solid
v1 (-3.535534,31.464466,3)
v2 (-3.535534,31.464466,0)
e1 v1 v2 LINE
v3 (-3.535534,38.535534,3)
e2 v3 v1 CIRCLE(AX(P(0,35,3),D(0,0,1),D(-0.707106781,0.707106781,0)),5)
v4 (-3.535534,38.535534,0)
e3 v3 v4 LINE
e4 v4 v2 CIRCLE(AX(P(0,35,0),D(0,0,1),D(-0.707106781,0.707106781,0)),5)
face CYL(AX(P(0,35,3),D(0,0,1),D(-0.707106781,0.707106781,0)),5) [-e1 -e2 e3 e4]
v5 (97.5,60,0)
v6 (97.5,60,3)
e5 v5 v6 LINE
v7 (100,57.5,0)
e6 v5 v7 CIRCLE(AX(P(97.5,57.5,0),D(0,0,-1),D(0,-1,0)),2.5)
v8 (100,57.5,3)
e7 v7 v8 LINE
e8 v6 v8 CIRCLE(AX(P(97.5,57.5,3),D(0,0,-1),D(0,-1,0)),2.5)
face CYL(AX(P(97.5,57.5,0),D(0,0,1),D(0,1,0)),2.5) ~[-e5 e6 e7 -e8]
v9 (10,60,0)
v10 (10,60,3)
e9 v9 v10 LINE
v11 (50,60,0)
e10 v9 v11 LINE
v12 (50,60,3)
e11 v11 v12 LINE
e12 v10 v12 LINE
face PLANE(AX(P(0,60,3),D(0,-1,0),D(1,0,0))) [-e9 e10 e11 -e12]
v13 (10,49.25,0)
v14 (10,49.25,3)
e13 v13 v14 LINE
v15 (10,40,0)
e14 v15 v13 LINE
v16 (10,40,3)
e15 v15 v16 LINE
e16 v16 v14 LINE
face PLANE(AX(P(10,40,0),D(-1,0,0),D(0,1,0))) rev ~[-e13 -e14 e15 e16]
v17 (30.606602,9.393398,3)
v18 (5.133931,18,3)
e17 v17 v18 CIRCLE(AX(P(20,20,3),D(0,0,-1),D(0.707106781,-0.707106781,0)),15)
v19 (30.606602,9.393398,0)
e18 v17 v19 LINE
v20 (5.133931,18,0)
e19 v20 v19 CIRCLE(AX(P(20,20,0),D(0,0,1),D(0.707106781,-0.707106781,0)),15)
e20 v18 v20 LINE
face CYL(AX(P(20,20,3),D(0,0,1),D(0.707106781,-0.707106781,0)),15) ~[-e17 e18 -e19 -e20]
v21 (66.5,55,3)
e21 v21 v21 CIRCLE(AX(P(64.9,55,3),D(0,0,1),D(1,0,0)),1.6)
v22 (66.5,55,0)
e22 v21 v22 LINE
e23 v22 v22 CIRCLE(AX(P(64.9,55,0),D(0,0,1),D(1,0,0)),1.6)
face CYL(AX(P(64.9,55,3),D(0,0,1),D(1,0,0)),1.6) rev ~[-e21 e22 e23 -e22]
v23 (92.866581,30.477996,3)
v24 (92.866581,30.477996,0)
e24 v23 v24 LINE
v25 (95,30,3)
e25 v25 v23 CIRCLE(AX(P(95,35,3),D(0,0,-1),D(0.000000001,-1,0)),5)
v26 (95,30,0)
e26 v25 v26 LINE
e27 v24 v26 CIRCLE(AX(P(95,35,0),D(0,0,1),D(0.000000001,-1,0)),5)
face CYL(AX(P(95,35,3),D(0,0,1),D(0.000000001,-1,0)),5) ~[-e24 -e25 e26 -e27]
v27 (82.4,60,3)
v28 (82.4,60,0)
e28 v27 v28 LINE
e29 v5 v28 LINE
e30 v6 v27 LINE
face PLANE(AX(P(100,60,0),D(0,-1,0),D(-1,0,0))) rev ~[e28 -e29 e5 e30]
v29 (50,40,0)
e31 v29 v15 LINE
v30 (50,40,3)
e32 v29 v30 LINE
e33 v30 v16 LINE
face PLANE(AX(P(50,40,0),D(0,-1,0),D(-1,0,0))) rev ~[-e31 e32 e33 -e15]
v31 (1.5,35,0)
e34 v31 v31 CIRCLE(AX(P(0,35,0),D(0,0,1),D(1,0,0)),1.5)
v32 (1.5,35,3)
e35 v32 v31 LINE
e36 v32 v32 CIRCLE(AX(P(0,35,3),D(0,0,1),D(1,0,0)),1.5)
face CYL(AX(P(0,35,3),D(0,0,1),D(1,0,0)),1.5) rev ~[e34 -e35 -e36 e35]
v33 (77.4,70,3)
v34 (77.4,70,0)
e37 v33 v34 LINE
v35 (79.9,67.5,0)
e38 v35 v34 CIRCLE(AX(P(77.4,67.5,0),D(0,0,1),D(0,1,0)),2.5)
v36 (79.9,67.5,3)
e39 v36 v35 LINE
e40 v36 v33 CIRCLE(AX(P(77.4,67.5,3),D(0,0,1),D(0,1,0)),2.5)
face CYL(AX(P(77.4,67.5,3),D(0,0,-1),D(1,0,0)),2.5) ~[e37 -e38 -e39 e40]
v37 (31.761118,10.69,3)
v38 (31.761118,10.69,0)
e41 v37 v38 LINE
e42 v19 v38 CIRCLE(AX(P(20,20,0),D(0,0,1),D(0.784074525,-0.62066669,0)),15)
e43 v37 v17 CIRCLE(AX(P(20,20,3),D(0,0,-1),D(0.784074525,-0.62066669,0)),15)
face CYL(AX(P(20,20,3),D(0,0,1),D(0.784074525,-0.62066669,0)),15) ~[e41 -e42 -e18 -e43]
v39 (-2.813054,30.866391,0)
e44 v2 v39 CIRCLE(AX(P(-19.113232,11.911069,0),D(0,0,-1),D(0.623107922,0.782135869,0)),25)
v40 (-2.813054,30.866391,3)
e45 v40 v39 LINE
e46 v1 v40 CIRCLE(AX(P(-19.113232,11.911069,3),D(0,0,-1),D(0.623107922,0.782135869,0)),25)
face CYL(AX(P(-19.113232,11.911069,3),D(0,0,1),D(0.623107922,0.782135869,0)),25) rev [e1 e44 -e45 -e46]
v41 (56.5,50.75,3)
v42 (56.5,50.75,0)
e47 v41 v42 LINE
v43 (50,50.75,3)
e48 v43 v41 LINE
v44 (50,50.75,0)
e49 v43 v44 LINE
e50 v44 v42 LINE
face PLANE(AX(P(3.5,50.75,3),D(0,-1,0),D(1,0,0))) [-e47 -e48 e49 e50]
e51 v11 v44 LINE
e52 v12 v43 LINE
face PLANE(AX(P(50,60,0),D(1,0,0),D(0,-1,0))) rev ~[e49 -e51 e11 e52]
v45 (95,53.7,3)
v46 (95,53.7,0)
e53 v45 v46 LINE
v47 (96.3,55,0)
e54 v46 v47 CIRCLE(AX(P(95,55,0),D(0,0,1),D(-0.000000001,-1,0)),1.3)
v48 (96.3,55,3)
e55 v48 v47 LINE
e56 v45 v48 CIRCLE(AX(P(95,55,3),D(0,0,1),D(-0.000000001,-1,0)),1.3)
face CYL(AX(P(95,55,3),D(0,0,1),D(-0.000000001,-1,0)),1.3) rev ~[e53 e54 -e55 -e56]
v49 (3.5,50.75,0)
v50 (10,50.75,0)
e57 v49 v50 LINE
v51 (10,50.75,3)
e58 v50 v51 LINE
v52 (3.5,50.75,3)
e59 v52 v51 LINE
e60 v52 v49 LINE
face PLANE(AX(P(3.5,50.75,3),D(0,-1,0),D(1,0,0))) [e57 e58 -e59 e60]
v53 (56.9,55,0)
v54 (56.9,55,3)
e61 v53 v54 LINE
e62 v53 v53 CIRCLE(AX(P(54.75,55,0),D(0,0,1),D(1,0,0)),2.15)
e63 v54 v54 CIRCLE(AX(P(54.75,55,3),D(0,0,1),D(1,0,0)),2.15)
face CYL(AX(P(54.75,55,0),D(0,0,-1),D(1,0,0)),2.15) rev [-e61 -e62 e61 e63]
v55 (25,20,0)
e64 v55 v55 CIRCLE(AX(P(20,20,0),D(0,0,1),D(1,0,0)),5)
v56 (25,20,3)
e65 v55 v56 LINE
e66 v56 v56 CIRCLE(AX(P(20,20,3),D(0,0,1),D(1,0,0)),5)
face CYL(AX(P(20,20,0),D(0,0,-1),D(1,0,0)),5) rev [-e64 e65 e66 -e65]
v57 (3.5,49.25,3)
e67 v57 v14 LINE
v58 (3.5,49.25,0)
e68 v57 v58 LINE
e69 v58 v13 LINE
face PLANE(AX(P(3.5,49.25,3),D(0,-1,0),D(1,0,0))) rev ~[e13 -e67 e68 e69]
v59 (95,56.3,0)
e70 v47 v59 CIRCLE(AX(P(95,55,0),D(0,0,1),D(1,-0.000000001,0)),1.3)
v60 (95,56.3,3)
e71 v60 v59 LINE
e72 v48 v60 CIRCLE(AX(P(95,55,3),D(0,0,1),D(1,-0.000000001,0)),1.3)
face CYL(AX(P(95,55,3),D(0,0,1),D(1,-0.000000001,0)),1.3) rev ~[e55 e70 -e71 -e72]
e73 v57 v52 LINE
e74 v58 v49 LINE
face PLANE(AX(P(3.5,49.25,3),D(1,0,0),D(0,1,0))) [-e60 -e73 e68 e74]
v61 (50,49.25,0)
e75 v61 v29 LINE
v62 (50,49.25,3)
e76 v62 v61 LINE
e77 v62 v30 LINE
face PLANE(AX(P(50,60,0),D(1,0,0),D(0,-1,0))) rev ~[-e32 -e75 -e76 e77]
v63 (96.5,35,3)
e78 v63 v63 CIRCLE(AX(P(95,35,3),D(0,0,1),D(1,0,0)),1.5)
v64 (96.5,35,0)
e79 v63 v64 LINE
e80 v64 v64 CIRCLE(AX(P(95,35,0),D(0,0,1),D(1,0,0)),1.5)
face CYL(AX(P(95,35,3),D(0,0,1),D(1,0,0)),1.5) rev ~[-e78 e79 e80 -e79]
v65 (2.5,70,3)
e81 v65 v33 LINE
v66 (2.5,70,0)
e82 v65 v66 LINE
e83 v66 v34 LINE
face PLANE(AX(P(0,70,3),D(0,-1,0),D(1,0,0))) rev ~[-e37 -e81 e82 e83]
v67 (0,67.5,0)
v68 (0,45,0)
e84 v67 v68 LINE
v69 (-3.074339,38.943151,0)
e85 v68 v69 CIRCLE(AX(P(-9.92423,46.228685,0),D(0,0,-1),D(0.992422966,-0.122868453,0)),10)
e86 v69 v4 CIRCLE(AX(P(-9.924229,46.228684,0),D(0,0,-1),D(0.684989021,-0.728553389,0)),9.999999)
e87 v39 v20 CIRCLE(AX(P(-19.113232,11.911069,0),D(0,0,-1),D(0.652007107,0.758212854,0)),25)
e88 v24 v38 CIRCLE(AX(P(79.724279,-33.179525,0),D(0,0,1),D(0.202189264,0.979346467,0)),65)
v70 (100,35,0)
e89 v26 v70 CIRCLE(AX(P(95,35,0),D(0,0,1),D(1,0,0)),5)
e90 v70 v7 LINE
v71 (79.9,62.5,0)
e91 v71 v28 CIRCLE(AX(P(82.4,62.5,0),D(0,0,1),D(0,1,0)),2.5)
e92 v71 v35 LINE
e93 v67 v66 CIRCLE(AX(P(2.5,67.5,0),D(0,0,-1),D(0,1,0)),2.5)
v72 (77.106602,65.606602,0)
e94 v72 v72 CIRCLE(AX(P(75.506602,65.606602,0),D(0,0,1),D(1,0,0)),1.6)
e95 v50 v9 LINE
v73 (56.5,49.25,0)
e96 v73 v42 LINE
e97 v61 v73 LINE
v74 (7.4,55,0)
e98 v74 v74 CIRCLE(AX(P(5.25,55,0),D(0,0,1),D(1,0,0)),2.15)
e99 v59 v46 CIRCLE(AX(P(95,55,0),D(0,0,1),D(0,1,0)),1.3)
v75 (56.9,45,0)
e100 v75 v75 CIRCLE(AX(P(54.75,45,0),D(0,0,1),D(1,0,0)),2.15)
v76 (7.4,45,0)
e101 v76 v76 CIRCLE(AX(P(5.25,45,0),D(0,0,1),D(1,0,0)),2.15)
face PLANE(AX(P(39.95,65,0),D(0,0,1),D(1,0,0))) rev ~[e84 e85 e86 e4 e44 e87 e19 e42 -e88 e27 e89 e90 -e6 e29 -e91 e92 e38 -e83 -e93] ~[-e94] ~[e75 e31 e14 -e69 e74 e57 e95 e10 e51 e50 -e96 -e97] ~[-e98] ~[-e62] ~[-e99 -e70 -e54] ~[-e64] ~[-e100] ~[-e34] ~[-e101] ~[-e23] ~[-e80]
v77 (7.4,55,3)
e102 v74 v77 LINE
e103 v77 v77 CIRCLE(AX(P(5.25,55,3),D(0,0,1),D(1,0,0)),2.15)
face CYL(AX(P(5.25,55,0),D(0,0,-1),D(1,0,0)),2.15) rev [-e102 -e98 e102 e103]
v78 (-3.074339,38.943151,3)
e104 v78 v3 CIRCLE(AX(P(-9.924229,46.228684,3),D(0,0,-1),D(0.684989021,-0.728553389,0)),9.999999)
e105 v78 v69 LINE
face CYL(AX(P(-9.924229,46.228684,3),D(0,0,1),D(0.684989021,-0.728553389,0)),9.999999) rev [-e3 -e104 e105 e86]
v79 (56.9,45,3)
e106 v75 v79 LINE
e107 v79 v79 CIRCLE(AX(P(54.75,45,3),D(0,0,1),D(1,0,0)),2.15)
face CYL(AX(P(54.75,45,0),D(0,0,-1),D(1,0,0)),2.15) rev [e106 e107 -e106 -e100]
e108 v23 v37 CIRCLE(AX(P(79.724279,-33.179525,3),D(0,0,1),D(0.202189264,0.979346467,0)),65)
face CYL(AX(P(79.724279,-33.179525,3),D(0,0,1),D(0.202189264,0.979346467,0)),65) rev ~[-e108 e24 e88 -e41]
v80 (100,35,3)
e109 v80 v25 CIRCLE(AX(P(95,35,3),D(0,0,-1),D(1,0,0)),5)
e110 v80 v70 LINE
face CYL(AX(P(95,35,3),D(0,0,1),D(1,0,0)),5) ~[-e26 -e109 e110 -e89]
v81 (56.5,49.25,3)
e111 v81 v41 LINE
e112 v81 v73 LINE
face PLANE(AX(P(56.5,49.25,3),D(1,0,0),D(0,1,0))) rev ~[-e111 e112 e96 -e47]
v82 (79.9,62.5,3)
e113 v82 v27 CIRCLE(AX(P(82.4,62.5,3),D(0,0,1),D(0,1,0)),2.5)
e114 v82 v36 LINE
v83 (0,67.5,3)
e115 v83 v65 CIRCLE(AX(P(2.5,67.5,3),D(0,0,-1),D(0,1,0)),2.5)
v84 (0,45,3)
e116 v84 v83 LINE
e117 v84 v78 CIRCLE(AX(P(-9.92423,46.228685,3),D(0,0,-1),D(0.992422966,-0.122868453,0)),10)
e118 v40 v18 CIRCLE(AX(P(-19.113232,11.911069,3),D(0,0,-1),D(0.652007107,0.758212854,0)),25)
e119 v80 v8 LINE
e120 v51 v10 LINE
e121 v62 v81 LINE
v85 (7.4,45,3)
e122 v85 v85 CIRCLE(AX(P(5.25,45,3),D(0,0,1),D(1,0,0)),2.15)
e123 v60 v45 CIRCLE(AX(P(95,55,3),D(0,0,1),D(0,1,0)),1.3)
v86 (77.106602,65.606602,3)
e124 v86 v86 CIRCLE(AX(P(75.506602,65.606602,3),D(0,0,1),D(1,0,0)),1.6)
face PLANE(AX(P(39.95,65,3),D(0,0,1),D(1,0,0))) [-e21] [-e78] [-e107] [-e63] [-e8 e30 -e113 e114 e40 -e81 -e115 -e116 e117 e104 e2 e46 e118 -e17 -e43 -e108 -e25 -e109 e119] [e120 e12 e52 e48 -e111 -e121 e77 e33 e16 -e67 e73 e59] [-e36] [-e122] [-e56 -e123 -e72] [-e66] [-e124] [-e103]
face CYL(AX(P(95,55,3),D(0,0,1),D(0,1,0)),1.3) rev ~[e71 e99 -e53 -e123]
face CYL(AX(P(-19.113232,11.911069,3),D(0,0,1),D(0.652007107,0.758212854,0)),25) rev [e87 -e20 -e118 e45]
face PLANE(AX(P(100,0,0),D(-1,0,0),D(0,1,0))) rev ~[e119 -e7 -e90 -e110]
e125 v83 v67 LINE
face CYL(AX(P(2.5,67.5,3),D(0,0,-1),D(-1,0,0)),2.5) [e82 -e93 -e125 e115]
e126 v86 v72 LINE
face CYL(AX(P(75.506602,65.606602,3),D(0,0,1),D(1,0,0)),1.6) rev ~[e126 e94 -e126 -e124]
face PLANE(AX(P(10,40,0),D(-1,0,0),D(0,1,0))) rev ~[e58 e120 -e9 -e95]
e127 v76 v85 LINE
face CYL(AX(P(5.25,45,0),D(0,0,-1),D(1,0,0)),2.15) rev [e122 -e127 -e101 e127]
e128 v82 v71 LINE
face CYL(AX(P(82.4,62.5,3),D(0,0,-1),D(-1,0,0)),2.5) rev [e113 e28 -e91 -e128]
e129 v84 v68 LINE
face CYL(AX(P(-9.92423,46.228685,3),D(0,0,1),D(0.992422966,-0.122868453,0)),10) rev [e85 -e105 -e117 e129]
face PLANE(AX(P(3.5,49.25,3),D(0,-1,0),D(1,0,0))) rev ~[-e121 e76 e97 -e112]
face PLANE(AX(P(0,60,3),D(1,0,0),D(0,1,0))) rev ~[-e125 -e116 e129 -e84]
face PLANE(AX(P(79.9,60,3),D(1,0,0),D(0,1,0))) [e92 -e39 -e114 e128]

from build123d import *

# Parameters (mm, degrees)
SKETCH_1_R          = 5
SKETCH_1_R_2        = 2.15
EXTRUDE_1_DEPTH     = 3
SKETCH_2_R          = 1.5
CUT_EXTRUDE_1_DEPTH = 117.657618697
CUT_EXTRUDE_3_DEPTH = 117.657618697
SKETCH_5_R          = 1.5
EXTRUDE_3_DEPTH     = 3
CUT_EXTRUDE_4_DEPTH = 117.657618697
SKETCH_7_R          = 1.6
CUT_EXTRUDE_6_DEPTH = 117.657618697
SKETCH_8_W          = 53
SKETCH_8_H          = 1.5
CUT_EXTRUDE_7_DEPTH = 117.657618697
SKETCH_9_W          = 79.9
SKETCH_9_H          = 10
SKETCH_9_R          = 1.6
EXTRUDE_4_DEPTH     = 3
FILLET_1_R          = 2.5


with BuildPart() as part:
    # ｽｹｯﾁ1 → ﾎﾞｽ - 押し出し1 (new body)
    with BuildSketch(Plane.XY):
        Polygon((10, 60), (0, 60), (0, 0), (100, 0), (100, 50), (100, 60), (50, 60), (50, 40), (10, 40), align=None)
        with Locations((20, 20)):
            Circle(SKETCH_1_R, mode=Mode.SUBTRACT)
        with Locations((5.25, 45)):
            Circle(SKETCH_1_R_2, mode=Mode.SUBTRACT)
        with Locations((5.25, 55)):
            Circle(SKETCH_1_R_2, mode=Mode.SUBTRACT)
        with Locations((54.75, 45)):
            Circle(SKETCH_1_R_2, mode=Mode.SUBTRACT)
        with Locations((54.75, 55)):
            Circle(SKETCH_1_R_2, mode=Mode.SUBTRACT)
    extrude(amount=EXTRUDE_1_DEPTH)

    # ｽｹｯﾁ2 → ｶｯﾄ - 押し出し1 (cut, through all)
    with BuildSketch(Plane.XY.offset(3)):
        with Locations((95, 35)):
            Circle(SKETCH_2_R)
    extrude(amount=-CUT_EXTRUDE_1_DEPTH, mode=Mode.SUBTRACT)

    # ｽｹｯﾁ4 → ｶｯﾄ - 押し出し3 (cut, through all)
    with BuildSketch(Plane.XY.offset(3)):
        with BuildLine():
            ThreePointArc((30.606601718, 9.393398282), (11.666446505, 7.527955815), (6.141807012, 25.740251485))
            ThreePointArc((6.141807012, 25.740251485), (5.992593584, 34.011854082), (1.731818145, 41.103219734))
            ThreePointArc((1.731818145, 41.103219734), (1.633577382, 41.194216579), (1.537689399, 41.287689399))
            ThreePointArc((1.537689399, 41.287689399), (0.399632454, 42.99091198), (0, 45))
            Line((0, 45), (0, 0))
            Line((0, 0), (100, 0))
            Line((100, 0), (100, 35))
            ThreePointArc((100, 35), (98.535533906, 31.464466094), (95, 30))
            ThreePointArc((95, 30), (93.906844507, 30.120962075), (92.866581158, 30.477995572))
            ThreePointArc((92.866581158, 30.477995572), (59.698938801, 28.658859349), (31.76111788, 10.689999666))
            ThreePointArc((31.76111788, 10.689999666), (31.202634234, 10.024981894), (30.606601718, 9.393398282))
        make_face()
    extrude(amount=-CUT_EXTRUDE_3_DEPTH, mode=Mode.SUBTRACT)

    # ｽｹｯﾁ5 → ﾎﾞｽ - 押し出し3 (add, through all)
    # profile 1 of 2: a face of its own
    with BuildSketch(Plane.XY.offset(3)):
        with BuildLine():
            ThreePointArc((-3.074339462, 38.943150628), (-3.301799792, 38.735793058), (-3.535533906, 38.535533906))
            ThreePointArc((-3.535533906, 38.535533906), (-5, 35), (-3.535533906, 31.464466094))
            ThreePointArc((-3.535533906, 31.464466094), (-3.171489153, 31.168816808), (-2.813054288, 30.866390733))
            ThreePointArc((-2.813054288, 30.866390733), (2.338239569, 30.580425844), (5, 35))
            ThreePointArc((5, 35), (2.194117441, 39.492866419), (-3.074339462, 38.943150628))
        make_face()
        with Locations((0, 35)):
            Circle(SKETCH_5_R, mode=Mode.SUBTRACT)
    # profile 2 of 2: a face of its own
    with BuildSketch(Plane.XY.offset(3)):
        with BuildLine():
            ThreePointArc((0, 45), (-1.007160055, 41.702552665), (-3.074339462, 38.943150628))
            ThreePointArc((-3.074339462, 38.943150628), (2.194117441, 39.492866419), (5, 35))
            ThreePointArc((5, 35), (2.338239569, 30.580425844), (-2.813054288, 30.866390733))
            ThreePointArc((-2.813054288, 30.866390733), (2.156646174, 25.048507639), (5.133931253, 18))
            ThreePointArc((5.133931253, 18), (5.125569714, 21.936833416), (6.141807012, 25.740251485))
            ThreePointArc((6.141807012, 25.740251485), (5.992593584, 34.011854082), (1.731818145, 41.103219734))
            ThreePointArc((1.731818145, 41.103219734), (0.4524509, 42.867859613), (0, 45))
        make_face()
    extrude(amount=-EXTRUDE_3_DEPTH)

    # ｽｹｯﾁ6 → ｶｯﾄ - 押し出し4 (cut, through all)
    with BuildSketch(Plane.XY.offset(3)):
        with BuildLine():
            ThreePointArc((96.3, 55), (95.919238816, 55.919238816), (95, 56.3))
            Line((95, 56.3), (95, 53.7))
            ThreePointArc((95, 53.7), (95.919238816, 54.080761184), (96.3, 55))
        make_face()
        with BuildLine():
            Line((95, 53.7), (95, 56.3))
            ThreePointArc((95, 56.3), (93.7, 55), (95, 53.7))
        make_face()
    extrude(amount=-CUT_EXTRUDE_4_DEPTH, mode=Mode.SUBTRACT)

    # ｽｹｯﾁ7 → ｶｯﾄ - 押し出し6 (cut, through all)
    with BuildSketch(Plane.XY.offset(3)):
        with Locations((64.9, 55)):
            Circle(SKETCH_7_R)
    extrude(amount=-CUT_EXTRUDE_6_DEPTH, mode=Mode.SUBTRACT)

    # ｽｹｯﾁ8 → ｶｯﾄ - 押し出し7 (cut, through all)
    with BuildSketch(Plane.XY.offset(3)):
        with Locations((30, 50)):
            Rectangle(SKETCH_8_W, SKETCH_8_H)
    extrude(amount=-CUT_EXTRUDE_7_DEPTH, mode=Mode.SUBTRACT)

    # ｽｹｯﾁ9 → ﾎﾞｽ - 押し出し4 (add, through all)
    with BuildSketch(Plane.XY.offset(3)):
        with Locations((39.95, 65)):
            Rectangle(SKETCH_9_W, SKETCH_9_H)
        with Locations((75.506601718, 65.606601718)):
            Circle(SKETCH_9_R, mode=Mode.SUBTRACT)
    extrude(amount=-EXTRUDE_4_DEPTH)

    # ﾌｨﾚｯﾄ1
    fillet_1_edges = [part.edges().sort_by_distance(p)[0] for p in [
        (0, 70, 1.5),
        (79.9, 70, 1.5),
        (79.9, 60, 1.5),
        (100, 60, 1.5),
    ]]
    fillet(fillet_1_edges, radius=FILLET_1_R)


solid = part.part
